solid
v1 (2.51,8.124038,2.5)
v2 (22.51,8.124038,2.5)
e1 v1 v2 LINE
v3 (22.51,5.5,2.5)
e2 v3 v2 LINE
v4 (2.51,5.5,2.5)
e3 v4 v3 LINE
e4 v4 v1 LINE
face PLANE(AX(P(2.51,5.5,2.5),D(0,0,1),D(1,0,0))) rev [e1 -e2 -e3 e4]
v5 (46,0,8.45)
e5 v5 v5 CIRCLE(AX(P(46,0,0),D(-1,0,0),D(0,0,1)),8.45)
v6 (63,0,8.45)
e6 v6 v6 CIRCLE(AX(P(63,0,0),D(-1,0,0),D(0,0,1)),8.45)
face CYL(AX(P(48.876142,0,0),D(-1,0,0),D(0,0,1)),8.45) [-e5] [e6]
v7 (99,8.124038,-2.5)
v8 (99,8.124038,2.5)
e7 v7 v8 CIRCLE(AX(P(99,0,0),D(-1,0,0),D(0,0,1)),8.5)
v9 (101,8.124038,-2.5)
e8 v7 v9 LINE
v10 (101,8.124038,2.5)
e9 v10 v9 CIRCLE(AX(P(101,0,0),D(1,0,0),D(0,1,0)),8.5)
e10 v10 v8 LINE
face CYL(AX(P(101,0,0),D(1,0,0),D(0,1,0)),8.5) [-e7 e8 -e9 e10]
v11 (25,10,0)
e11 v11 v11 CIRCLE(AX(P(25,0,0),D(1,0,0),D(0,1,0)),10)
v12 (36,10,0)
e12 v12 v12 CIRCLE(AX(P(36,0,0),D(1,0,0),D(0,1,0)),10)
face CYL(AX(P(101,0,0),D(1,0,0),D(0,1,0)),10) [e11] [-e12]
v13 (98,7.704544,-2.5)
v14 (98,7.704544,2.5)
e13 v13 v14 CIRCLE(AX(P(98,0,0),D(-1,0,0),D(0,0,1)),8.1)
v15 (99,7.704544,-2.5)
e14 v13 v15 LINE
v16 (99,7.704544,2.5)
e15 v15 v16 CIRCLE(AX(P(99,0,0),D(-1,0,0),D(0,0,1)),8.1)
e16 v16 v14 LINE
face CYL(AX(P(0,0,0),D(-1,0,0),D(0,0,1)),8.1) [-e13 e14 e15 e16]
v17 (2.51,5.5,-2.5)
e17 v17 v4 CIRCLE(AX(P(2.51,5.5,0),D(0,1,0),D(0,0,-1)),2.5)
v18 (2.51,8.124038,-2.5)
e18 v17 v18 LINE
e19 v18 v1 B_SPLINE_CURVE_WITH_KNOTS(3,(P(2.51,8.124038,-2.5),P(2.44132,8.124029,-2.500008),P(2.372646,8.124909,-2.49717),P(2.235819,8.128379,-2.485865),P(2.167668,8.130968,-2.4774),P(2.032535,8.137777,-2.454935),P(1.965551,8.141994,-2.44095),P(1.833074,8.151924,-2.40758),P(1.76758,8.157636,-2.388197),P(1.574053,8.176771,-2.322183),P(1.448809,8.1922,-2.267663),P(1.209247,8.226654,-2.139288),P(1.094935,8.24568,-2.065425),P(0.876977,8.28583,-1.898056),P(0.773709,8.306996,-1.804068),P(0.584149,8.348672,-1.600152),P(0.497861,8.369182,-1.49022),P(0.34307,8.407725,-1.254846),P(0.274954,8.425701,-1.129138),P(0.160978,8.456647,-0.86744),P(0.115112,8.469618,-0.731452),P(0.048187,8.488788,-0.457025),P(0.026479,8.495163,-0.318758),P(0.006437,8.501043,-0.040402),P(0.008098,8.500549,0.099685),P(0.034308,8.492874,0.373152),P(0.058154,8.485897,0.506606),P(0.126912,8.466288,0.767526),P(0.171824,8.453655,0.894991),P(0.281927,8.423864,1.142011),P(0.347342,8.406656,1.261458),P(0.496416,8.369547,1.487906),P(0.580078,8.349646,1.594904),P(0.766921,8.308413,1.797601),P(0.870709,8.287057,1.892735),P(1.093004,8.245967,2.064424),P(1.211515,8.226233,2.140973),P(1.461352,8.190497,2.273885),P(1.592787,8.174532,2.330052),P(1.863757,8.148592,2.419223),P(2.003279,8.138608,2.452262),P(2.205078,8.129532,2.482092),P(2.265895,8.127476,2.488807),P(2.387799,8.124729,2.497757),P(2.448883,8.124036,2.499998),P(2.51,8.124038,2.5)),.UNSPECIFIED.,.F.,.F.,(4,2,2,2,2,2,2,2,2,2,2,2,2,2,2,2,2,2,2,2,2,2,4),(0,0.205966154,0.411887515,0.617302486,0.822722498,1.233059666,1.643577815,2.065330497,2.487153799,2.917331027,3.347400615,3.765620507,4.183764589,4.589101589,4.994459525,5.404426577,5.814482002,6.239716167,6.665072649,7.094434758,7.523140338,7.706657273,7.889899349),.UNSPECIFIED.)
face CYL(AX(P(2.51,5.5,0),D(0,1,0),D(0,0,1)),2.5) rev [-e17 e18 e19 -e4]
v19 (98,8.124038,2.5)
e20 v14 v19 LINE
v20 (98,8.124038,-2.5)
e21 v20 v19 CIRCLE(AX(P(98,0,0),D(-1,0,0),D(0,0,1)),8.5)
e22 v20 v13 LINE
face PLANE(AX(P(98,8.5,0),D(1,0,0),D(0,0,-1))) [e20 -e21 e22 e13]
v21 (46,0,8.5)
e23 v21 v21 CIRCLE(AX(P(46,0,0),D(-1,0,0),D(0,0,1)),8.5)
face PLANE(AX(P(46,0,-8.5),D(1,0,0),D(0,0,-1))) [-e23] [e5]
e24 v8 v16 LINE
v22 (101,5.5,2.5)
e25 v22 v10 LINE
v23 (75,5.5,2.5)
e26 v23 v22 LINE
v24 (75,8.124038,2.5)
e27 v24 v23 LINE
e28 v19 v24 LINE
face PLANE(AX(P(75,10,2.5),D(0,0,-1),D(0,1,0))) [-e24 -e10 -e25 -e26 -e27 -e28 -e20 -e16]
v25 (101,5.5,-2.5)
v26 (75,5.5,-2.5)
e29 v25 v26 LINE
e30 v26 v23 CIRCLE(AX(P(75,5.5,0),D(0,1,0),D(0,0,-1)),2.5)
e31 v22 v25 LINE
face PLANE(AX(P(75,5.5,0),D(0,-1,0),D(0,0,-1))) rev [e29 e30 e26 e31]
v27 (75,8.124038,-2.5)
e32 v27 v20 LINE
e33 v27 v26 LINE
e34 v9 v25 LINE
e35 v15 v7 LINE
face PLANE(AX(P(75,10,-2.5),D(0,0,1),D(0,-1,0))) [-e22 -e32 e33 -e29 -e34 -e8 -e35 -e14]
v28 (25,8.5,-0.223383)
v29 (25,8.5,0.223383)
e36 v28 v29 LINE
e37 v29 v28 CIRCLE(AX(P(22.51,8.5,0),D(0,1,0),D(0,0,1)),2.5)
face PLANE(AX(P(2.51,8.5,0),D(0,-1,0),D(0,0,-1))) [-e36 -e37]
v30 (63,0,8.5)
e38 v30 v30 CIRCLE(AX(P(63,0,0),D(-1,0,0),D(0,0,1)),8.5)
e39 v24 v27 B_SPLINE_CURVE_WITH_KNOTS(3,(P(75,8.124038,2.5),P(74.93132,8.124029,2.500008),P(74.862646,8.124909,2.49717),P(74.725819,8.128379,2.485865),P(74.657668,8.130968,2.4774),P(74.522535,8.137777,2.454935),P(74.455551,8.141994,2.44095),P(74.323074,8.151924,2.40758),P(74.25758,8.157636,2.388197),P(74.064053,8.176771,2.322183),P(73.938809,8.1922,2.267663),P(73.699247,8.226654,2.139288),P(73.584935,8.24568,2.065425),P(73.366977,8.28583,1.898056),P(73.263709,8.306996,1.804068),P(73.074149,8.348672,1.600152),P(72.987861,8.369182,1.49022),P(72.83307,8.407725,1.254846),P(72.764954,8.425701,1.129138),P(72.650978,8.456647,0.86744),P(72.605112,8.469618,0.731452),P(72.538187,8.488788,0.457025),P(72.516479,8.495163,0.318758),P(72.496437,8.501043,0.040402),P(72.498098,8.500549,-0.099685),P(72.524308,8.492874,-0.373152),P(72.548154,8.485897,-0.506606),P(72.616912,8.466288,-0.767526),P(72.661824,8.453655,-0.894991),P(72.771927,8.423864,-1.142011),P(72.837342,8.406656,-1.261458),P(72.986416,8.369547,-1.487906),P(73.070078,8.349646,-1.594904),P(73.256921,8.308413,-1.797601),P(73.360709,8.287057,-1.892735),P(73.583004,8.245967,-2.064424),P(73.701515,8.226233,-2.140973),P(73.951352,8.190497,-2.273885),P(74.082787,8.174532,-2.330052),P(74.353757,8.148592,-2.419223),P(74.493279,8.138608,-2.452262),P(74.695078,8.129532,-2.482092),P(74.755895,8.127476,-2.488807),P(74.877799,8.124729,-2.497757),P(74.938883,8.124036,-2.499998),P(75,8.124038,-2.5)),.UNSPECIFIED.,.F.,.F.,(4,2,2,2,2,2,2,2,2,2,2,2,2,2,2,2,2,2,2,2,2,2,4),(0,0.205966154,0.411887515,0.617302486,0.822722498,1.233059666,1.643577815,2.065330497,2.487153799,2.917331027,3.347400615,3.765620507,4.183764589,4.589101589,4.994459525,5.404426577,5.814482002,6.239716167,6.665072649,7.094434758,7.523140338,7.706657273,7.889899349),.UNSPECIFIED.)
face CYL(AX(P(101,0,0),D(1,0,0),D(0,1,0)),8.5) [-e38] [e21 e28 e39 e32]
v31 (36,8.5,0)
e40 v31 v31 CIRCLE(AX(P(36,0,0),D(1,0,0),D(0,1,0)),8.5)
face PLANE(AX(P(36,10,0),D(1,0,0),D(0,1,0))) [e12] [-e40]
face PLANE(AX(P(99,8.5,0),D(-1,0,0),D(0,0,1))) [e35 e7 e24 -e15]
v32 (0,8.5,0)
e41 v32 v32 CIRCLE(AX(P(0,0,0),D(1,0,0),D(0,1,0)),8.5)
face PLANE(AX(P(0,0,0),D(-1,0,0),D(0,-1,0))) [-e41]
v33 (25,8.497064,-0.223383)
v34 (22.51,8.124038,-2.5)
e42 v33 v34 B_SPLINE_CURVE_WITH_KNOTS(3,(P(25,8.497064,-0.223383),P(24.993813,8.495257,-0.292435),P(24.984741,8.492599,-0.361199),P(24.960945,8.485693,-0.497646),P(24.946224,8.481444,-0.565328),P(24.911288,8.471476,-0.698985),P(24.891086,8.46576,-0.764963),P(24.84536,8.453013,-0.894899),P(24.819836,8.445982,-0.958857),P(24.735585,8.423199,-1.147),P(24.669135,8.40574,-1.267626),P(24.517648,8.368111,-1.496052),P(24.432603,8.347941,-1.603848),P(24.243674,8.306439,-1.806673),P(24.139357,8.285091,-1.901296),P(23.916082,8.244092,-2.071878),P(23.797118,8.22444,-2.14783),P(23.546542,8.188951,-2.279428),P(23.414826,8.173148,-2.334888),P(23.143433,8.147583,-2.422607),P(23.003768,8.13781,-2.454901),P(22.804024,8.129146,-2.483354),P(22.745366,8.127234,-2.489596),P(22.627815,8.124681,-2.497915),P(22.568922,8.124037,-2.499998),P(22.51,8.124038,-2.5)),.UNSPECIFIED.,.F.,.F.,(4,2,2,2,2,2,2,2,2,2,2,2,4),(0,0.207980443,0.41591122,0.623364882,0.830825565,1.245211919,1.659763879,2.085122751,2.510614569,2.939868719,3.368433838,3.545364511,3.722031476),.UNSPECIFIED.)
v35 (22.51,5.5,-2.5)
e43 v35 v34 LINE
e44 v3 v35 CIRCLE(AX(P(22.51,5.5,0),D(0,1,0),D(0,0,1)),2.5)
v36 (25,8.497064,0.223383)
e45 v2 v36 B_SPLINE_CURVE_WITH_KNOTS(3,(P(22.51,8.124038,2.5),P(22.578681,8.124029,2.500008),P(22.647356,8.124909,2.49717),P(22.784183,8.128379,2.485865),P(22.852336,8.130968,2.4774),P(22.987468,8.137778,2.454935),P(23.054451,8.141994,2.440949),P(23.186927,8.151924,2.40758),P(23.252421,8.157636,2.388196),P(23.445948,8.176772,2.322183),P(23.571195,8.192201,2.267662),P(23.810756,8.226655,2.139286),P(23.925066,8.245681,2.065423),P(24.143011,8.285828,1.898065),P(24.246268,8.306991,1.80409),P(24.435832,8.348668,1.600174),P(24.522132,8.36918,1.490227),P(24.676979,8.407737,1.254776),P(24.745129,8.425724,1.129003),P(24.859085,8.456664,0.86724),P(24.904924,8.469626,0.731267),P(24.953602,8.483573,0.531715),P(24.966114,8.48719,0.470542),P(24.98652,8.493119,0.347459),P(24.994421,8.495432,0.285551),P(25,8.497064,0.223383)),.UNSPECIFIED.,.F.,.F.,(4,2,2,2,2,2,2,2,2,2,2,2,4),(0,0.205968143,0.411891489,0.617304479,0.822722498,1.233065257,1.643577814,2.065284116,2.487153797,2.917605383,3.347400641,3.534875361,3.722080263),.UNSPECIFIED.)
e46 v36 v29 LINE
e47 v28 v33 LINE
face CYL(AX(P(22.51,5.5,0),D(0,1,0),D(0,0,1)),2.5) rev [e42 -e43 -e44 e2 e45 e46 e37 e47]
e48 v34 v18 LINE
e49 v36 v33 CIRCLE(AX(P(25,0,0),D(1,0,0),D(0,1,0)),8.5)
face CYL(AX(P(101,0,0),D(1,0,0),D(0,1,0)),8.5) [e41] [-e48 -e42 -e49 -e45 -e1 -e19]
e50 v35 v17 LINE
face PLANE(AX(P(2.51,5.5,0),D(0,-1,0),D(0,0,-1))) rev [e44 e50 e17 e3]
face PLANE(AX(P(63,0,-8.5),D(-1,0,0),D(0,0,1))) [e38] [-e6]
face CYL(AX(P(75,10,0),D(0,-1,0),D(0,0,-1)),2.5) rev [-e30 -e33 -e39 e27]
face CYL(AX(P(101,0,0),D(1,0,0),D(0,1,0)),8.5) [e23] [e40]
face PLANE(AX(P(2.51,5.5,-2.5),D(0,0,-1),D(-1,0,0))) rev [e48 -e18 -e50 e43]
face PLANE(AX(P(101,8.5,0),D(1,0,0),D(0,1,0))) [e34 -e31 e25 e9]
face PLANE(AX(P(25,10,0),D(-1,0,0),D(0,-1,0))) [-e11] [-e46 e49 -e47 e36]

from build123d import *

# Parameters (mm, degrees)
ESBO_O2_W                  = 1
ESBO_O2_H                  = 0.4
CORTE_EXTRUS_O1_DEPTH      = 104.166128162
CORTE_EXTRUS_O1_DEPTH_BACK = 3
CORTE_EXTRUS_O7_DEPTH      = 3
ESBO_O6_W                  = 17
ESBO_O6_H                  = 0.05


with BuildPart() as part:
    # Esboço1 → Revolução1 (revolve)
    with BuildSketch(Plane.XY):
        Polygon((0, 0), (0, 8.5), (25, 8.5), (25, 10), (36, 10), (36, 8.5), (101, 8.5), (101, 0), align=None)
    revolve(axis=Axis((101, 0, 0), (-1, 0, 0)))

    # Esboço2 → Corte-Revolução1 (revolve, cut)
    with BuildSketch(Plane.XY):
        with Locations((98.5, 8.3)):
            Rectangle(ESBO_O2_W, ESBO_O2_H)
    revolve(axis=Axis((0, 0, 0), (1, 0, 0)), mode=Mode.SUBTRACT)

    # Esboço3 → Corte-extrusão1 (cut, two sides: drawn at the far end of the back side and taken through both)
    with BuildSketch(Plane(origin=(0, 8.5, 0), x_dir=(1, 0, 0), z_dir=(0, 1, 0)).offset(-CORTE_EXTRUS_O1_DEPTH_BACK)):
        with BuildLine():
            Line((75, -2.5), (105, -2.5))
            ThreePointArc((105, -2.5), (107.5, 0), (105, 2.5))
            Line((105, 2.5), (75, 2.5))
            ThreePointArc((75, 2.5), (72.5, 0), (75, -2.5))
        make_face()
    extrude(amount=CORTE_EXTRUS_O1_DEPTH + CORTE_EXTRUS_O1_DEPTH_BACK, mode=Mode.SUBTRACT)

    # Esboço5 → Corte-extrusão7 (cut)
    with BuildSketch(Plane(origin=(0, 8.5, 0), x_dir=(-1, 0, 0), z_dir=(0, 1, 0))):
        with BuildLine():
            Line((-2.51, 2.5), (-22.51, 2.5))
            ThreePointArc((-22.51, 2.5), (-25.01, 0), (-22.51, -2.5))
            Line((-22.51, -2.5), (-2.51, -2.5))
            ThreePointArc((-2.51, -2.5), (-0.01, 0), (-2.51, 2.5))
        make_face()
    extrude(amount=-CORTE_EXTRUS_O7_DEPTH, mode=Mode.SUBTRACT)

    # Esboço6 → Corte-Revolução2 (revolve, cut)
    with BuildSketch(Plane(origin=(0, 0, 0), x_dir=(1, 0, 0), z_dir=(0, 1, 0)), mode=Mode.PRIVATE) as corte_revolu_o2_sk:
        with Locations((54.5, 8.475)):
            Rectangle(ESBO_O6_W, ESBO_O6_H)
    revolve(corte_revolu_o2_sk.sketch.rotate(Axis((48.876141687, 0, 0), (1, 0, 0)), 90), axis=Axis((48.876141687, 0, 0), (1, 0, 0)), mode=Mode.SUBTRACT)


solid = part.part
